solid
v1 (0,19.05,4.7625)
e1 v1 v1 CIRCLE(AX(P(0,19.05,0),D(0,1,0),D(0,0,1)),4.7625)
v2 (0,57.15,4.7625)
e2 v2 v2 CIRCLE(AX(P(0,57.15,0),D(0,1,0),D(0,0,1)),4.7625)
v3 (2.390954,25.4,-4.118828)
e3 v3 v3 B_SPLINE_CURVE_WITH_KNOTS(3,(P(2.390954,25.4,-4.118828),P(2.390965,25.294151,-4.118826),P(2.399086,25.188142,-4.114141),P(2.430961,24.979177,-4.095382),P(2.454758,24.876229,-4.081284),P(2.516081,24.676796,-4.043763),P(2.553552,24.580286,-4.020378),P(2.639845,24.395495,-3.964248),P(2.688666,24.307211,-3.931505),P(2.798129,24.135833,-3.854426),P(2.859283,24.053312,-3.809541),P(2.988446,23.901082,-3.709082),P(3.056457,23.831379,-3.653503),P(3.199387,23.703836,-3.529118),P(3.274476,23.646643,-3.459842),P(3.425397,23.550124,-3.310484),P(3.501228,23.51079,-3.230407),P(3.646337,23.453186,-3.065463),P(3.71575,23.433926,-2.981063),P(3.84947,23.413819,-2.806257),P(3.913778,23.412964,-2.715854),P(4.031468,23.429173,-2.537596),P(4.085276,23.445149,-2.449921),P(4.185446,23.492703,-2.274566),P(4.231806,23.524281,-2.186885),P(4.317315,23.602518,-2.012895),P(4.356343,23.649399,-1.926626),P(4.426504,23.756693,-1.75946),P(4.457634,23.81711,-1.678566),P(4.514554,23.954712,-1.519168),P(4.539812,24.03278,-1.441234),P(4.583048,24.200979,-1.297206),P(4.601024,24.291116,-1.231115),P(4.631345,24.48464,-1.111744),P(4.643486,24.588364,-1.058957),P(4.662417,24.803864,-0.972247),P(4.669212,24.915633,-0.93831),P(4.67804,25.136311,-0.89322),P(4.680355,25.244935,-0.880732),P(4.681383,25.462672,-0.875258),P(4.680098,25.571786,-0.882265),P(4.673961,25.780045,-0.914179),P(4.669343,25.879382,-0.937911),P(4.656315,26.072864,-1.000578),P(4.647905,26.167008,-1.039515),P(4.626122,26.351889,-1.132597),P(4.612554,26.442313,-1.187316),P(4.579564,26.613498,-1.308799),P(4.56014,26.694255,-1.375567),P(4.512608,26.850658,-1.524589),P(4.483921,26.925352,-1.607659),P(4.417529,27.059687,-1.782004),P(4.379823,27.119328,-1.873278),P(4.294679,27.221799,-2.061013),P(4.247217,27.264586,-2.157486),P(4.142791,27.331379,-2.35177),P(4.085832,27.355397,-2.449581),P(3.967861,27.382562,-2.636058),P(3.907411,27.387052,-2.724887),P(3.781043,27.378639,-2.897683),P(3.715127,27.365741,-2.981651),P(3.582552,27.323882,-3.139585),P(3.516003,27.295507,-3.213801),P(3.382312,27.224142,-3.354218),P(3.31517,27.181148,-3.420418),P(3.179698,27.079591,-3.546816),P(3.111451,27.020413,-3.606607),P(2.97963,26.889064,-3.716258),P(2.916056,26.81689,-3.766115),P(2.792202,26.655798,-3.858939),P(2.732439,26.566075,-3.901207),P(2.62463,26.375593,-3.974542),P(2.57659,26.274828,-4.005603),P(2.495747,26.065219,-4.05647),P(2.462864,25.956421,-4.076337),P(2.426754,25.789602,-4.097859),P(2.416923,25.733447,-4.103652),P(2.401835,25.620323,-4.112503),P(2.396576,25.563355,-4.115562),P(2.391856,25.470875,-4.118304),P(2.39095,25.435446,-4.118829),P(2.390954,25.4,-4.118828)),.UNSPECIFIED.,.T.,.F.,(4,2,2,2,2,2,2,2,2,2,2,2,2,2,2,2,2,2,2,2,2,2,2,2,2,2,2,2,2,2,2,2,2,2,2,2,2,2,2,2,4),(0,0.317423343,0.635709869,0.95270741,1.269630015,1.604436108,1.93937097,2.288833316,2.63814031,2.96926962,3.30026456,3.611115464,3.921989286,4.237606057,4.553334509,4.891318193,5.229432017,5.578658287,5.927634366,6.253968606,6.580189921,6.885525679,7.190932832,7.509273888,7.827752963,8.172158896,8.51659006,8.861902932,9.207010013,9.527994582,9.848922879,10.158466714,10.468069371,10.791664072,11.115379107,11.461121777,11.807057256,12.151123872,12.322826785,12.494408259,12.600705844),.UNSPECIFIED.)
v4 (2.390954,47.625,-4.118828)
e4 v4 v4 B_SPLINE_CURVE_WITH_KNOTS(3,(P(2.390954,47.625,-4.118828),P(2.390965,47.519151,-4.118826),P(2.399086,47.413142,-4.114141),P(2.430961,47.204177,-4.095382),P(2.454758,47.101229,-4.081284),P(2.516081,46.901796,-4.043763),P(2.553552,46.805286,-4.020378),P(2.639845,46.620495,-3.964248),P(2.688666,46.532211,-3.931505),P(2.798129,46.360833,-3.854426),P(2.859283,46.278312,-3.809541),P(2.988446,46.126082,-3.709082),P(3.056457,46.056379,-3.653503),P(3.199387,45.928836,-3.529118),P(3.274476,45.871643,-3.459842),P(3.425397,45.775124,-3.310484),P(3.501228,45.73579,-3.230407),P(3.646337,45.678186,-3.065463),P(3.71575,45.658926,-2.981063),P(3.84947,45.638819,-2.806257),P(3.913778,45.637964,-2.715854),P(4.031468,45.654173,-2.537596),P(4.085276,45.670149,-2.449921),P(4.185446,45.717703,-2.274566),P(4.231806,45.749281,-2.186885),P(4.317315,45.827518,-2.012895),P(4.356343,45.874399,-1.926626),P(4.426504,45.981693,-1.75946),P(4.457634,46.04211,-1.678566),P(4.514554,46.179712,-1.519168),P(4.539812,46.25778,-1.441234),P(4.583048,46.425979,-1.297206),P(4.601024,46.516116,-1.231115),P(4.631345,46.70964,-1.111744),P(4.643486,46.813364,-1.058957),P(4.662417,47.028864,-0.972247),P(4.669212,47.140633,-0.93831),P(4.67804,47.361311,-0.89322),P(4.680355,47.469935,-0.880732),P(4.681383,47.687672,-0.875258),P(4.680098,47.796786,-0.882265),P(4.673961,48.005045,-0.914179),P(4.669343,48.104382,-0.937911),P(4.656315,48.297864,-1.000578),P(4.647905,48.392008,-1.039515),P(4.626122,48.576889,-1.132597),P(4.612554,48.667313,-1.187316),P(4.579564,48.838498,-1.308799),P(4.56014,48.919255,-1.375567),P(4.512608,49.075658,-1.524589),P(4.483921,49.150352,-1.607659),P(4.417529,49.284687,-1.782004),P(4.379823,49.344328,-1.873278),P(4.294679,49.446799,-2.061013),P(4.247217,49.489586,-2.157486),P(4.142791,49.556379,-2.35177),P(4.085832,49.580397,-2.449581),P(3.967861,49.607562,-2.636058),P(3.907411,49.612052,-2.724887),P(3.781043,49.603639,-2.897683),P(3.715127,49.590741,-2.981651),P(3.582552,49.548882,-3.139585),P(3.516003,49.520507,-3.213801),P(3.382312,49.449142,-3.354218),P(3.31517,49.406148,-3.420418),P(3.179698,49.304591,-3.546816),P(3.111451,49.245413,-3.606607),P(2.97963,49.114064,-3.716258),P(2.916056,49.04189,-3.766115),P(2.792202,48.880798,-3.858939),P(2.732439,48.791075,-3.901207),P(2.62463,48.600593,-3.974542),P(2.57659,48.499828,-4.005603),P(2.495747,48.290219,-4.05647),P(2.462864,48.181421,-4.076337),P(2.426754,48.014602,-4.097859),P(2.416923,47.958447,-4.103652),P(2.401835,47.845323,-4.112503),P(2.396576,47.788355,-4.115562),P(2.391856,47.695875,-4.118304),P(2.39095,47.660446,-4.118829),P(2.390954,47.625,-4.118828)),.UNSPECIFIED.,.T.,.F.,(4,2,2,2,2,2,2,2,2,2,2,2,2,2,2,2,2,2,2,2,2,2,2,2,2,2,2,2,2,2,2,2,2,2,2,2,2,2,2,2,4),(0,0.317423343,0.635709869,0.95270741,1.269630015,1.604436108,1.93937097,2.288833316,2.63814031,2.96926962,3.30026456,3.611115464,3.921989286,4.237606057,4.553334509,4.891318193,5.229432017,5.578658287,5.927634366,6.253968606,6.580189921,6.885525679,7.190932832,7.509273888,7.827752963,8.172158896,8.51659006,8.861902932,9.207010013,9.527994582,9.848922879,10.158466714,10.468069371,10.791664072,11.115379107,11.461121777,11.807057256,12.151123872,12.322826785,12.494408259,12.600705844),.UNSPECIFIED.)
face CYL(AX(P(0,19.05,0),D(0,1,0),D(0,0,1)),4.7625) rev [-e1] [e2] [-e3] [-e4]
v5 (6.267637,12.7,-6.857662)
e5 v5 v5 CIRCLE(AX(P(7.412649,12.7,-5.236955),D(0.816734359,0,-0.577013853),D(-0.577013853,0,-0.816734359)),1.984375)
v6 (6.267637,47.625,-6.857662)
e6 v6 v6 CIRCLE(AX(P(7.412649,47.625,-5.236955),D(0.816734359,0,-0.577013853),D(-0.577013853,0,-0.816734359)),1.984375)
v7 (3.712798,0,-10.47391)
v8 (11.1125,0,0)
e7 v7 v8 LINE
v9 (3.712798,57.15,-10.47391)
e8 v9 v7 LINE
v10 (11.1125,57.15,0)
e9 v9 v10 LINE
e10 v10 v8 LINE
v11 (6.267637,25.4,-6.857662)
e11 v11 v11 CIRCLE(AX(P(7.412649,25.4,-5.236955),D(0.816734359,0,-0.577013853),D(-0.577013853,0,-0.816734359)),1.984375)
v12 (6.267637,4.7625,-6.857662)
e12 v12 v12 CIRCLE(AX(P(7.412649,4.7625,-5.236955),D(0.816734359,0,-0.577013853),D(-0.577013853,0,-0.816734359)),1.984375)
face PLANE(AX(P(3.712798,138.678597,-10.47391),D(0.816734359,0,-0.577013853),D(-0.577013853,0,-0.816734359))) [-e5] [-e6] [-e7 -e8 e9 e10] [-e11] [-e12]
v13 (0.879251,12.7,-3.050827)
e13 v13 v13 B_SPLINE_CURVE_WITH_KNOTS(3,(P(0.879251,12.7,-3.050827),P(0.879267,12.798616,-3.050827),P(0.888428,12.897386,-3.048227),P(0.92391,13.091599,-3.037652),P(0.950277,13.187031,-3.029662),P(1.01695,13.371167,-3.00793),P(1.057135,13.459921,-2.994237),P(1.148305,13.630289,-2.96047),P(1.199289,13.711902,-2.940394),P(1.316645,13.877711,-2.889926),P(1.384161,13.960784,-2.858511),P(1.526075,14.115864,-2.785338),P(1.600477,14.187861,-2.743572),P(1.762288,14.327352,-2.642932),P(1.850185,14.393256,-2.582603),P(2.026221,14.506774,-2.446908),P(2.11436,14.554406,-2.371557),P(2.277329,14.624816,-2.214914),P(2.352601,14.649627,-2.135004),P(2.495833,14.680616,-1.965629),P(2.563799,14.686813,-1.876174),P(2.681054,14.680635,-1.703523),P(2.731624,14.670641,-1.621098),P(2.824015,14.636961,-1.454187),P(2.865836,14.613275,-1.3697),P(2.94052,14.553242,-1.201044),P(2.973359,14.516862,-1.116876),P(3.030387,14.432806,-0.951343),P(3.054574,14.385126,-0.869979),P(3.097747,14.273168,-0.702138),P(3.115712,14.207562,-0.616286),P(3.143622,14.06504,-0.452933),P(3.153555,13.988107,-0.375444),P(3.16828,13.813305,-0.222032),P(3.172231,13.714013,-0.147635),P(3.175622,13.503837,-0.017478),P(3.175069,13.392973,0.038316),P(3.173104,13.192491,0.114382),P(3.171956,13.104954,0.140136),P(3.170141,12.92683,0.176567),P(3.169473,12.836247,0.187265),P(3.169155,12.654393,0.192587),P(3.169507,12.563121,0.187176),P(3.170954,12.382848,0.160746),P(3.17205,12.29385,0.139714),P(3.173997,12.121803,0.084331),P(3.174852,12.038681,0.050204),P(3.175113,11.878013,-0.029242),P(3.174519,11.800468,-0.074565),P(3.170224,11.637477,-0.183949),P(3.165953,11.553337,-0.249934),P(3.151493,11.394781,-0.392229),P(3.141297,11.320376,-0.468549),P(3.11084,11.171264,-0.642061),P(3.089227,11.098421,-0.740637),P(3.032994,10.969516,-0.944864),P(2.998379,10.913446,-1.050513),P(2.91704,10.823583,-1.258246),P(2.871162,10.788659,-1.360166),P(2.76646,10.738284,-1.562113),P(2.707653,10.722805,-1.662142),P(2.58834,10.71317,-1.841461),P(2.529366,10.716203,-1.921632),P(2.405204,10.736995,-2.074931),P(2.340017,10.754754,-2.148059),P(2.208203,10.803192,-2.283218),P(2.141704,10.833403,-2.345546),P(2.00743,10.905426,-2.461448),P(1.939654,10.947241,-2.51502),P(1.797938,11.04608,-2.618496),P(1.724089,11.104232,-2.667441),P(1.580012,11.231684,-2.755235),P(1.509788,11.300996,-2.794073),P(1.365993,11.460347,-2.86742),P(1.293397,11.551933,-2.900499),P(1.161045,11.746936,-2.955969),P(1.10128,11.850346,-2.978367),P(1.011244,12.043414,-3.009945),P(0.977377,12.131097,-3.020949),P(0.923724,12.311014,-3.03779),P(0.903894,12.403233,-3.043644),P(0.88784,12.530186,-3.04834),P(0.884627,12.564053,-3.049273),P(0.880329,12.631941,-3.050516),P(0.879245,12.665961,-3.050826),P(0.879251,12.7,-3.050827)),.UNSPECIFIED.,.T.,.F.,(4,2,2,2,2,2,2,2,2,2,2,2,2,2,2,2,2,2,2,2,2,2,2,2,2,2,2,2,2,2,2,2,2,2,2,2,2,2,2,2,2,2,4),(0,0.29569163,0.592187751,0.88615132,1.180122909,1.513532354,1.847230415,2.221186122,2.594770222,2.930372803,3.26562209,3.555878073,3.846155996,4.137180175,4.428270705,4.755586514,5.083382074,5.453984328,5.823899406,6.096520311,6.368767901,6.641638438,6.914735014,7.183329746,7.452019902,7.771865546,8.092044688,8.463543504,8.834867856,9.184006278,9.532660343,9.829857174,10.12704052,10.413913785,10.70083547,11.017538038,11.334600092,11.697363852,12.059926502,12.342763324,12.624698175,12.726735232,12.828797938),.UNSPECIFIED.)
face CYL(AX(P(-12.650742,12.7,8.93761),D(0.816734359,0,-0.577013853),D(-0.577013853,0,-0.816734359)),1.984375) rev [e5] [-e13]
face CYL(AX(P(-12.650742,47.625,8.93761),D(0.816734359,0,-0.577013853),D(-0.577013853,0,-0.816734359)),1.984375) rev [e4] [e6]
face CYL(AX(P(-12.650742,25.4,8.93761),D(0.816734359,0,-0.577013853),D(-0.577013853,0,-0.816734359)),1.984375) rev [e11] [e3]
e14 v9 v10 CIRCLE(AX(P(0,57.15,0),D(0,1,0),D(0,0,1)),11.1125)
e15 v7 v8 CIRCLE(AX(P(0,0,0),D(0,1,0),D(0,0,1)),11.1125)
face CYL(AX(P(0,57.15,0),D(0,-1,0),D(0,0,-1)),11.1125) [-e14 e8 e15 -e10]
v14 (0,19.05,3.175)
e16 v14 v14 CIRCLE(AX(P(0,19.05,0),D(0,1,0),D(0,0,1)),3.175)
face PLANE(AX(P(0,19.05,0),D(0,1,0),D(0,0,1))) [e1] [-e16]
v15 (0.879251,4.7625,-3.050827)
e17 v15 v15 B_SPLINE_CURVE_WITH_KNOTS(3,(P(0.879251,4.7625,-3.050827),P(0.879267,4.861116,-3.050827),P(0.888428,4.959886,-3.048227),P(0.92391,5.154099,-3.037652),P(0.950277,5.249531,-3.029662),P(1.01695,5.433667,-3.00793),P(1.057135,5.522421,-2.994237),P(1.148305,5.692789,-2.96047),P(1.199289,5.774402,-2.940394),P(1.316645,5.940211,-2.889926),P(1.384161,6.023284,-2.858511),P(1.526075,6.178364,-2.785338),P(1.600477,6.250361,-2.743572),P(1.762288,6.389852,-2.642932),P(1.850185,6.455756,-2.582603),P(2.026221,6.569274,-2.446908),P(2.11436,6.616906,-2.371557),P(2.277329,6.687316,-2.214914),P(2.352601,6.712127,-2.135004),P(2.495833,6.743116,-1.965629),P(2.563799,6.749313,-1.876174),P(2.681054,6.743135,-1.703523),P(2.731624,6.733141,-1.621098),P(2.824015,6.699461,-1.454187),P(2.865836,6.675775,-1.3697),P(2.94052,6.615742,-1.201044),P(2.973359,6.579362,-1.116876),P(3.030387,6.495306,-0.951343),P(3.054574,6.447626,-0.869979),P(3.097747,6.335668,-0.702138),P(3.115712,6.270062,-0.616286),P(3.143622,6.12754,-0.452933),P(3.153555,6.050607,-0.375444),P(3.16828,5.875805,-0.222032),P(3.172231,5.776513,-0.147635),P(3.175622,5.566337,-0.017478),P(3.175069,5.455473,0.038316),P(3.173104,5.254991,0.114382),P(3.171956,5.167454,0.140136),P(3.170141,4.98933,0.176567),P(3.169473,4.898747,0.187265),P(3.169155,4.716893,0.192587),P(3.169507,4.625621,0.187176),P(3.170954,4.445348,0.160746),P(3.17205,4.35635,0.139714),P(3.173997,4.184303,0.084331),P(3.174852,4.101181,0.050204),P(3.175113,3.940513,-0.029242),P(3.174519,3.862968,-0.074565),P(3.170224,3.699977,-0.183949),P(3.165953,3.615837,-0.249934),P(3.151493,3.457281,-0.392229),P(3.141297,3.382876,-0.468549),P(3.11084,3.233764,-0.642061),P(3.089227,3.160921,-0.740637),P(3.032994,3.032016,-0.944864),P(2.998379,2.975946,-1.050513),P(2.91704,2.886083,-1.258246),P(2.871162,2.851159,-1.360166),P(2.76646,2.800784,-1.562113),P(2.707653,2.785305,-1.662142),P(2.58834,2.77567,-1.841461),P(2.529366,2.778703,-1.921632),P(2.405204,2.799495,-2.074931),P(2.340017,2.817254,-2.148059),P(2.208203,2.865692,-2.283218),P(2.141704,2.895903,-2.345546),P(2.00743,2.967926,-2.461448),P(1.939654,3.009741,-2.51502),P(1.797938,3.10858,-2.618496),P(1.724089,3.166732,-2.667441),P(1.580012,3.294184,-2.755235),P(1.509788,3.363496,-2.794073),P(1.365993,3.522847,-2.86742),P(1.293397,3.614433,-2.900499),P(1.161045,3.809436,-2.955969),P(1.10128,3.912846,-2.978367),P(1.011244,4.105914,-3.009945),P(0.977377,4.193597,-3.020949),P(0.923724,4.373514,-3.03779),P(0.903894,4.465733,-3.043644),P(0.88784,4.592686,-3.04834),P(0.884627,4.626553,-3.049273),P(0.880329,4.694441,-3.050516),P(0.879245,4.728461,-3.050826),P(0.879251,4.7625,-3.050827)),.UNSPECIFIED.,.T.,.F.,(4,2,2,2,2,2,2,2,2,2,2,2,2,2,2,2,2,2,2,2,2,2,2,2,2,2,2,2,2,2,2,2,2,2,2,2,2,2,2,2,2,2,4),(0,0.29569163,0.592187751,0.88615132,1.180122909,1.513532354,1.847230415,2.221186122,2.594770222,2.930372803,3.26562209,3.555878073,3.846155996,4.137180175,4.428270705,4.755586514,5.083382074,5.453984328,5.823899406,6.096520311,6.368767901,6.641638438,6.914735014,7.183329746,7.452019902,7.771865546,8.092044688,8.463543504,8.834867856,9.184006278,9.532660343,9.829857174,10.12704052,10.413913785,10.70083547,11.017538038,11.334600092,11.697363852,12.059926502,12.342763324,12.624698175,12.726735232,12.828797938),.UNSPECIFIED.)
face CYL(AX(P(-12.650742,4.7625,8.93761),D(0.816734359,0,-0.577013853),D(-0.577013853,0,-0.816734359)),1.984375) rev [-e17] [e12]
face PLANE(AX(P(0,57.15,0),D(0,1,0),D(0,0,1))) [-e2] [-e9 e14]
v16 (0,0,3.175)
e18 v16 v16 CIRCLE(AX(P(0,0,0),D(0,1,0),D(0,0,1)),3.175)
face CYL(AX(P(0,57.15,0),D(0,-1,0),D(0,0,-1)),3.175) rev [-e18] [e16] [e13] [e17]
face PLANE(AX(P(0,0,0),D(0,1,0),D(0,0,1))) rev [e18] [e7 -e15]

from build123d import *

# Parameters (mm, degrees)
SKETCH1_R               = 11.1125
SKETCH1_R_2             = 3.175
BOSS_EXTRUDE1_DEPTH     = 57.15
CUT_EXTRUDE2_DEPTH      = 60.271391181
CUT_EXTRUDE2_DEPTH_BACK = 57.15
SKETCH3_R               = 4.7625
CUT_EXTRUDE3_DEPTH      = 38.1
CUT_EXTRUDE4_REACH      = 64.262
SKETCH4_R               = 1.984375


with BuildPart() as part:
    # Sketch1 → Boss-Extrude1 (new body)
    with BuildSketch(Plane(origin=(0, 0, 0), x_dir=(1, 0, 0), z_dir=(0, 1, 0))):
        with Locations(Location((0, 0, 0), (0, 0, 270))):
            Circle(SKETCH1_R)
        with Locations(Location((0, 0, 0), (0, 0, 270))):
            Circle(SKETCH1_R_2, mode=Mode.SUBTRACT)
    extrude(amount=BOSS_EXTRUDE1_DEPTH)

    # Sketch2 → Cut-Extrude2 (cut, two sides: drawn at the far end of the back side and taken through both)
    with BuildSketch(Plane(origin=(0, 57.15, 0), x_dir=(1, 0, 0), z_dir=(0, 1, 0)).offset(-CUT_EXTRUDE2_DEPTH_BACK)):
        Polygon((-32.277943168, 61.417010445), (3.712797685, 10.473909948), (11.1125, 0), (47.103240854, -50.943100497), (148.989441847, 21.03838121), (69.608257825, 133.398492152), align=None)
    extrude(amount=CUT_EXTRUDE2_DEPTH + CUT_EXTRUDE2_DEPTH_BACK, mode=Mode.SUBTRACT)

    # Sketch3 → Cut-Extrude3 (cut)
    with BuildSketch(Plane(origin=(0, 57.15, 0), x_dir=(1, 0, 0), z_dir=(0, 1, 0))):
        with Locations(Location((0, 0, 0), (0, 0, 270))):
            Circle(SKETCH3_R)
    extrude(amount=-CUT_EXTRUDE3_DEPTH, mode=Mode.SUBTRACT)

    # Sketch4 → Cut-Extrude4 (cut, up to next)
    with BuildSketch(Plane(origin=(7.412648843, 0, -5.236954974), x_dir=(-0.5770138525497868, 0, -0.8167343594863956), z_dir=(0.8167343594863956, 0, -0.5770138525497868)), mode=Mode.PRIVATE) as cut_extrude4_sk1:
        with Locations((0, 47.625)):
            Circle(SKETCH4_R)
    cut_extrude4_tool1 = extrude(cut_extrude4_sk1.sketch, amount=-CUT_EXTRUDE4_REACH, mode=Mode.PRIVATE) & part.part
    # Sketch4 → Cut-Extrude4 (cut, up to next)
    with BuildSketch(Plane(origin=(7.412648843, 0, -5.236954974), x_dir=(-0.5770138525497868, 0, -0.8167343594863956), z_dir=(0.8167343594863956, 0, -0.5770138525497868)), mode=Mode.PRIVATE) as cut_extrude4_sk2:
        with Locations((0, 25.4)):
            Circle(SKETCH4_R)
    cut_extrude4_tool2 = extrude(cut_extrude4_sk2.sketch, amount=-CUT_EXTRUDE4_REACH, mode=Mode.PRIVATE) & part.part
    # Sketch4 → Cut-Extrude4 (cut, up to next)
    with BuildSketch(Plane(origin=(7.412648843, 0, -5.236954974), x_dir=(-0.5770138525497868, 0, -0.8167343594863956), z_dir=(0.8167343594863956, 0, -0.5770138525497868)), mode=Mode.PRIVATE) as cut_extrude4_sk3:
        with Locations((0, 12.7)):
            Circle(SKETCH4_R)
    cut_extrude4_tool3 = extrude(cut_extrude4_sk3.sketch, amount=-CUT_EXTRUDE4_REACH, mode=Mode.PRIVATE) & part.part
    # Sketch4 → Cut-Extrude4 (cut, up to next)
    with BuildSketch(Plane(origin=(7.412648843, 0, -5.236954974), x_dir=(-0.5770138525497868, 0, -0.8167343594863956), z_dir=(0.8167343594863956, 0, -0.5770138525497868)), mode=Mode.PRIVATE) as cut_extrude4_sk4:
        with Locations((0, 4.7625)):
            Circle(SKETCH4_R)
    cut_extrude4_tool4 = extrude(cut_extrude4_sk4.sketch, amount=-CUT_EXTRUDE4_REACH, mode=Mode.PRIVATE) & part.part
    add(cut_extrude4_tool1.solids().sort_by_distance((7.412649, 47.625, -5.236955))[0], mode=Mode.SUBTRACT)
    add(cut_extrude4_tool2.solids().sort_by_distance((7.412649, 25.4, -5.236955))[0], mode=Mode.SUBTRACT)
    add(cut_extrude4_tool3.solids().sort_by_distance((7.412649, 12.7, -5.236955))[0], mode=Mode.SUBTRACT)
    add(cut_extrude4_tool4.solids().sort_by_distance((7.412649, 4.7625, -5.236955))[0], mode=Mode.SUBTRACT)


solid = part.part
